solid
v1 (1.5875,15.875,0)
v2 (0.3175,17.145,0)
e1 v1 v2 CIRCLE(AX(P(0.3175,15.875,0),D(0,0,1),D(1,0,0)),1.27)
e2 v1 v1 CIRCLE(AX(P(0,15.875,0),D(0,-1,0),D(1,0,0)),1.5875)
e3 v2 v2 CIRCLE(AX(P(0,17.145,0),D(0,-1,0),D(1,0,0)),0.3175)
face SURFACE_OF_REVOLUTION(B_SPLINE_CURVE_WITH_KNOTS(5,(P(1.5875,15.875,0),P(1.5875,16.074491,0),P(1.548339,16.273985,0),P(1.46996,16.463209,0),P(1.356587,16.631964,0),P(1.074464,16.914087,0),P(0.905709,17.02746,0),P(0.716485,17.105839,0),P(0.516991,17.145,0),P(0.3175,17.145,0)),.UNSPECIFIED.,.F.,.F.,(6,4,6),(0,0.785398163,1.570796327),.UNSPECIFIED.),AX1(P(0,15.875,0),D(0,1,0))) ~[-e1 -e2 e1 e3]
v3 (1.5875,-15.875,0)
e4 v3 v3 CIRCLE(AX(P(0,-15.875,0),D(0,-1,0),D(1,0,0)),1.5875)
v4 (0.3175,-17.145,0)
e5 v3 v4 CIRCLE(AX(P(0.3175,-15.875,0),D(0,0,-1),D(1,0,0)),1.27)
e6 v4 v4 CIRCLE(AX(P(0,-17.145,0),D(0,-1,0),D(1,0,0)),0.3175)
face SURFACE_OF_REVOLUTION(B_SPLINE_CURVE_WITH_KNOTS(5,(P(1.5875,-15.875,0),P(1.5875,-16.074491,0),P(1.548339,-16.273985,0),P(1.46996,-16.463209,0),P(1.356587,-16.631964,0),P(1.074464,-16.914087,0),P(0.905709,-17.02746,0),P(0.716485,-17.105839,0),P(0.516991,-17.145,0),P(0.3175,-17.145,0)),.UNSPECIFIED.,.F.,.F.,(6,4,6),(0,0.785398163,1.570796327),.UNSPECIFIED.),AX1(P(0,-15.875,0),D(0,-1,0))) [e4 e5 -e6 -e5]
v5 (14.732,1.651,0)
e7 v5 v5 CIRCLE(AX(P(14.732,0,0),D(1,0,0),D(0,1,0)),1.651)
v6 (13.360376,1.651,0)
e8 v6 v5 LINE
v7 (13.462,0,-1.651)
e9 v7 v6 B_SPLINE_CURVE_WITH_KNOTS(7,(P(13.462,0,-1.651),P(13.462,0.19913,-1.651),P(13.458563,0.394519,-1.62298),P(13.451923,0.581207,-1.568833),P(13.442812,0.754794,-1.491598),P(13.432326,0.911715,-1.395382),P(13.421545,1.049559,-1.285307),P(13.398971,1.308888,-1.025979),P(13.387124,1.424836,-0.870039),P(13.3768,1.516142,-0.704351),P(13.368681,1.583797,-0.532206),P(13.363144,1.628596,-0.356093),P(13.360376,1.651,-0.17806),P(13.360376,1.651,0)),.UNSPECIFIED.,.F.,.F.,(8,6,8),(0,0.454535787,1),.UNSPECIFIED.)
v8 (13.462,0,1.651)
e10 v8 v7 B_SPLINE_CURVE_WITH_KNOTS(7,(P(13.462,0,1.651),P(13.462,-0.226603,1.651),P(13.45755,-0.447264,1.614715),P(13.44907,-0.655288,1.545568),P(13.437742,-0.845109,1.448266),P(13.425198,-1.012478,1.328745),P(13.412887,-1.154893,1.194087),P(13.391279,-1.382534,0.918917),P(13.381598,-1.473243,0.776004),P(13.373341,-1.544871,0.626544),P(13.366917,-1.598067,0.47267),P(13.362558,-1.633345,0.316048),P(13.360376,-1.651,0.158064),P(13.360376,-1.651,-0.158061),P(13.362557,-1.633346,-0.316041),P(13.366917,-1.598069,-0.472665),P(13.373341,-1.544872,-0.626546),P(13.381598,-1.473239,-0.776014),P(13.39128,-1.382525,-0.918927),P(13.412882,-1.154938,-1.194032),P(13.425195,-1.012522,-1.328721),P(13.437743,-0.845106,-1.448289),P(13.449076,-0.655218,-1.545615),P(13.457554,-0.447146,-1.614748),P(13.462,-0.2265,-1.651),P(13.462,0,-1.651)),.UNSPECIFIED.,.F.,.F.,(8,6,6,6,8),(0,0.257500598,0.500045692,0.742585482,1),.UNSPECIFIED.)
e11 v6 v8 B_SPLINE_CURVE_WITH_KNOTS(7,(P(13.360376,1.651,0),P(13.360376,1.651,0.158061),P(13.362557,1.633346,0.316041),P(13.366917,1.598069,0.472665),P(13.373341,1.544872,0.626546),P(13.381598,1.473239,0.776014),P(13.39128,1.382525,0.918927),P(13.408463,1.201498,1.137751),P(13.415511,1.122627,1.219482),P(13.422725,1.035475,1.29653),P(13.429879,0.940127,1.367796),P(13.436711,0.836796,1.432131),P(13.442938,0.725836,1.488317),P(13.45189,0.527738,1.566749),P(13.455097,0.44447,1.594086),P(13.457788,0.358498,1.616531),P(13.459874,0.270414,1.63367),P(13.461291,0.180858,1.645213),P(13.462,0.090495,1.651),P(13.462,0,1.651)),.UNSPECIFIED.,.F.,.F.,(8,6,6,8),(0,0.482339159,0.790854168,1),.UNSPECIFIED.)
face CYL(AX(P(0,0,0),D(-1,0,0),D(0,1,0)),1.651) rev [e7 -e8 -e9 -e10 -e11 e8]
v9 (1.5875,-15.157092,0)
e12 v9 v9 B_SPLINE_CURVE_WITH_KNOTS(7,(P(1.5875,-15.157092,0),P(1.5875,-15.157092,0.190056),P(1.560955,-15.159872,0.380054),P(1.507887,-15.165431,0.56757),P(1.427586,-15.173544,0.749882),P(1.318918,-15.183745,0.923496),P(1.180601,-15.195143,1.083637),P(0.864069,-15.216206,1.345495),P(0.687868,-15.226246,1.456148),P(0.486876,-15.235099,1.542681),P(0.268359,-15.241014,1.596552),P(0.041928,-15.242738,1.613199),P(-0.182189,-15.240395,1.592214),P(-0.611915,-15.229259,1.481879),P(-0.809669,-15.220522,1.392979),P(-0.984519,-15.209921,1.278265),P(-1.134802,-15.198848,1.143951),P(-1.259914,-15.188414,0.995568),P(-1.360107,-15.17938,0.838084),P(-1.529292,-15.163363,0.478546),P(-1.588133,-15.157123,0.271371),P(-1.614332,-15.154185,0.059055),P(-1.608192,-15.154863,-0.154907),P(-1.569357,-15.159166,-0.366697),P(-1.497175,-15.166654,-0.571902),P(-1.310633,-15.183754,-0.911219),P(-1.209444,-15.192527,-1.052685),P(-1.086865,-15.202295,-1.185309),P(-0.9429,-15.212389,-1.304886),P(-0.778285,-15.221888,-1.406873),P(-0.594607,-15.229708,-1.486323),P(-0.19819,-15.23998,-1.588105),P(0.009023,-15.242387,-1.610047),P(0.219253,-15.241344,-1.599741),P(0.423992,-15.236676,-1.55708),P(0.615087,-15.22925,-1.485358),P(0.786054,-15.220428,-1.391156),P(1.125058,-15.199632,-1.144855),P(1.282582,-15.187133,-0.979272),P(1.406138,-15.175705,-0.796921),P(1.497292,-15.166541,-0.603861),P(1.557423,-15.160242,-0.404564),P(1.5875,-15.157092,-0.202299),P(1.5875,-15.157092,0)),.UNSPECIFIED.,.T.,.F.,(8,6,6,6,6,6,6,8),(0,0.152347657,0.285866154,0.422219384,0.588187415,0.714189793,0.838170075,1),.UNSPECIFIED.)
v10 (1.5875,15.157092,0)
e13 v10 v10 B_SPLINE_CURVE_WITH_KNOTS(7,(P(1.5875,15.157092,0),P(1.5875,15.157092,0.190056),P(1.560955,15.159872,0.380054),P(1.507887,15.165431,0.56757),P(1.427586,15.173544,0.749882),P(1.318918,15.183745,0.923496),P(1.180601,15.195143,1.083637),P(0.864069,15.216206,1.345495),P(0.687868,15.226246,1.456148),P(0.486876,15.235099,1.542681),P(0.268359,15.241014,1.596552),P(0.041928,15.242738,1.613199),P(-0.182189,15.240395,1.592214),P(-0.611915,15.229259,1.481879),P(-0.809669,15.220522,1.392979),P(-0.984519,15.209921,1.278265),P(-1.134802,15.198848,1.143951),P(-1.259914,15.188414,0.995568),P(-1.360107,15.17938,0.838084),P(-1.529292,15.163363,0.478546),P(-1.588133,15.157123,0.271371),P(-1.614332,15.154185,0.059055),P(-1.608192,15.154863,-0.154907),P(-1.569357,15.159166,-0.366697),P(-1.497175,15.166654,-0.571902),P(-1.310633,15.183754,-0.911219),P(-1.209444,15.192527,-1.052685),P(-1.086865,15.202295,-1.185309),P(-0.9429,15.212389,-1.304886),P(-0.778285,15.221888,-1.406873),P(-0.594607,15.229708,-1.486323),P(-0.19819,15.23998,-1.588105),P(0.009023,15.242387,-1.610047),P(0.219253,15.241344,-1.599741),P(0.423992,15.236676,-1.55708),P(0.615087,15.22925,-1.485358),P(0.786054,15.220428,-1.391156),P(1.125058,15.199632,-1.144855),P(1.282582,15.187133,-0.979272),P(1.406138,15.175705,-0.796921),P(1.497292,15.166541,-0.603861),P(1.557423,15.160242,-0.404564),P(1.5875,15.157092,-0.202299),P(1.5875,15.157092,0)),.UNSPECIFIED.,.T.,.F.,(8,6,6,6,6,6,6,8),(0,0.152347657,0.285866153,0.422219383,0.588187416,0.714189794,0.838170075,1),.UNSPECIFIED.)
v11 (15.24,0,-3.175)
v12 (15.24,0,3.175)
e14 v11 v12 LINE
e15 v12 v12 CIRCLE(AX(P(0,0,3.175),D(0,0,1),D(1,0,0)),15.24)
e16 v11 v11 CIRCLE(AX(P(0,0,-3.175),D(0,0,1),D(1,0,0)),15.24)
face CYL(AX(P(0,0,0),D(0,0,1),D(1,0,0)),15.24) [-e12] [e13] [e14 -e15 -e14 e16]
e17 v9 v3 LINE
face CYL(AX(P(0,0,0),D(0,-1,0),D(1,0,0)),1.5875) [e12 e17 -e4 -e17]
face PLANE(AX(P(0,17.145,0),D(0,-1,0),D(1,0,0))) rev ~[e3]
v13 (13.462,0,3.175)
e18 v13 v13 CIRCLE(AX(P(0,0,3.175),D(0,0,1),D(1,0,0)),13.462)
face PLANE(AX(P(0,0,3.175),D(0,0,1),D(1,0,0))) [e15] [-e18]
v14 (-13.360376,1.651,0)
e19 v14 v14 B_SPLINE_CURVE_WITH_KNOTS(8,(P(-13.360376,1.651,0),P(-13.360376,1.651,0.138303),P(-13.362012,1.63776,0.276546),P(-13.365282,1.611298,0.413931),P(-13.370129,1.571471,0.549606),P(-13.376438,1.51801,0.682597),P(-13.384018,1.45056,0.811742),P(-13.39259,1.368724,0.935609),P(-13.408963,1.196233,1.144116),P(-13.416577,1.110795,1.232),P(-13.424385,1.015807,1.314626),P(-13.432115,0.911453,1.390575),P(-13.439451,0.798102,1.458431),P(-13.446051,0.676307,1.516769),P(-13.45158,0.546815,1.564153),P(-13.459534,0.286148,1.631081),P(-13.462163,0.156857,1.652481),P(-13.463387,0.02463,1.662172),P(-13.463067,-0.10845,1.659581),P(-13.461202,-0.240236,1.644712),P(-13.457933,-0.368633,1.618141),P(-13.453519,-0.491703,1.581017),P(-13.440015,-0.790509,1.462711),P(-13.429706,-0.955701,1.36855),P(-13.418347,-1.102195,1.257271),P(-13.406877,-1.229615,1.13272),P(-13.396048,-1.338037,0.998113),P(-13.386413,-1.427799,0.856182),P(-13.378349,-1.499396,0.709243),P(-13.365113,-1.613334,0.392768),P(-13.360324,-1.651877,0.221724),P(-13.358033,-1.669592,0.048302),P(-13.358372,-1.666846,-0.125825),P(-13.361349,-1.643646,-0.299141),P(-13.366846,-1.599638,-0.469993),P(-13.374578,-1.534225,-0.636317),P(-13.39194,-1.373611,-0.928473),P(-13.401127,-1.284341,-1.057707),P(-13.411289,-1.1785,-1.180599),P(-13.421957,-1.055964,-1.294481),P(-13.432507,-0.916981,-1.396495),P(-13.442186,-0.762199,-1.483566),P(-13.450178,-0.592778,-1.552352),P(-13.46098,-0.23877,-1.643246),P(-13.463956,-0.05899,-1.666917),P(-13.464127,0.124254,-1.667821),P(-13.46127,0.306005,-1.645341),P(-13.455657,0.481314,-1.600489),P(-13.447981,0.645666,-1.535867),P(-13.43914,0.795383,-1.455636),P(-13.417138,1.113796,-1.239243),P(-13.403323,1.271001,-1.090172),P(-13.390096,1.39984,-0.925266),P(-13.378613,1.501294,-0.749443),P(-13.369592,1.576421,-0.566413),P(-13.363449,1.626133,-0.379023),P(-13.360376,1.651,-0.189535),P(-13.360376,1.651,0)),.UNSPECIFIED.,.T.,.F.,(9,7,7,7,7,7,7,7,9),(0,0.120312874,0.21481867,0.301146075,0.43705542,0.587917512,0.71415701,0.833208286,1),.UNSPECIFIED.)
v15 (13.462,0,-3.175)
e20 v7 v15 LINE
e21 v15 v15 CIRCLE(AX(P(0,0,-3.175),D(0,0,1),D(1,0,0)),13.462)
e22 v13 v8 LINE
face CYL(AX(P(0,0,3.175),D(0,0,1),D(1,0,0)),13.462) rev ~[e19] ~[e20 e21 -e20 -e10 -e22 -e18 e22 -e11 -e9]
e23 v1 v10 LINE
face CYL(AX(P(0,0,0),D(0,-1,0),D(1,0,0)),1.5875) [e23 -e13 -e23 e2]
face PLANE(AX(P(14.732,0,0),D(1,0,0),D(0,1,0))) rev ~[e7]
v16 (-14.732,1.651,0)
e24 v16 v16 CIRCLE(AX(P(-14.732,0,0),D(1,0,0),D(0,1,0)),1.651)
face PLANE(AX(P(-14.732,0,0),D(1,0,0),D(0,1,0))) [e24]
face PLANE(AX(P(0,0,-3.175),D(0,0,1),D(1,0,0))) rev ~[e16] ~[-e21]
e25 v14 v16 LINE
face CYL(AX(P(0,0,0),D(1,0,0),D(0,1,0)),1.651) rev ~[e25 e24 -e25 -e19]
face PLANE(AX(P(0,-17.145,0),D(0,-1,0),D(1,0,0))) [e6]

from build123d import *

# Parameters (mm, degrees)
F0_R          = 15.24
F1_DEPTH      = 3.175
F2_R          = 1.651
F3_DEPTH      = 14.732
F3_DEPTH_BACK = 14.732
F4_R          = 1.5875
F5_DEPTH      = 17.145
F6_R          = 13.462
F7_DEPTH      = 6.3510001
F8_R          = 1.27


with BuildPart() as f1:
    # F0 (on Top) → F1 (new body, symmetric)
    with BuildSketch(Plane.XY):
        Circle(F0_R)
    extrude(amount=F1_DEPTH, both=True)

    # F2 (on Right) → F3 (cut, two sides)
    with BuildSketch(Plane.YZ) as f3_sk:
        Circle(F2_R)
    extrude(amount=-F3_DEPTH, mode=Mode.SUBTRACT)
    extrude(f3_sk.sketch, amount=F3_DEPTH_BACK, mode=Mode.SUBTRACT)

    # F4 (on Front) → F5 (join, symmetric)
    with BuildSketch(Plane.XZ):
        Circle(F4_R)
    extrude(amount=F5_DEPTH, both=True)

    # F6 (on face) → F7 (cut, through all)
    with BuildSketch(Plane.XY.offset(3.175)):
        Circle(F6_R)
    extrude(amount=-F7_DEPTH, mode=Mode.SUBTRACT)

    # F8
    f8_edges = [f1.edges().sort_by_distance(p)[0] for p in [
        (-1.5875, -17.145, 0),
        (-1.5875, 17.145, 0),
    ]]
    fillet(f8_edges, radius=F8_R)


solid = f1.part
